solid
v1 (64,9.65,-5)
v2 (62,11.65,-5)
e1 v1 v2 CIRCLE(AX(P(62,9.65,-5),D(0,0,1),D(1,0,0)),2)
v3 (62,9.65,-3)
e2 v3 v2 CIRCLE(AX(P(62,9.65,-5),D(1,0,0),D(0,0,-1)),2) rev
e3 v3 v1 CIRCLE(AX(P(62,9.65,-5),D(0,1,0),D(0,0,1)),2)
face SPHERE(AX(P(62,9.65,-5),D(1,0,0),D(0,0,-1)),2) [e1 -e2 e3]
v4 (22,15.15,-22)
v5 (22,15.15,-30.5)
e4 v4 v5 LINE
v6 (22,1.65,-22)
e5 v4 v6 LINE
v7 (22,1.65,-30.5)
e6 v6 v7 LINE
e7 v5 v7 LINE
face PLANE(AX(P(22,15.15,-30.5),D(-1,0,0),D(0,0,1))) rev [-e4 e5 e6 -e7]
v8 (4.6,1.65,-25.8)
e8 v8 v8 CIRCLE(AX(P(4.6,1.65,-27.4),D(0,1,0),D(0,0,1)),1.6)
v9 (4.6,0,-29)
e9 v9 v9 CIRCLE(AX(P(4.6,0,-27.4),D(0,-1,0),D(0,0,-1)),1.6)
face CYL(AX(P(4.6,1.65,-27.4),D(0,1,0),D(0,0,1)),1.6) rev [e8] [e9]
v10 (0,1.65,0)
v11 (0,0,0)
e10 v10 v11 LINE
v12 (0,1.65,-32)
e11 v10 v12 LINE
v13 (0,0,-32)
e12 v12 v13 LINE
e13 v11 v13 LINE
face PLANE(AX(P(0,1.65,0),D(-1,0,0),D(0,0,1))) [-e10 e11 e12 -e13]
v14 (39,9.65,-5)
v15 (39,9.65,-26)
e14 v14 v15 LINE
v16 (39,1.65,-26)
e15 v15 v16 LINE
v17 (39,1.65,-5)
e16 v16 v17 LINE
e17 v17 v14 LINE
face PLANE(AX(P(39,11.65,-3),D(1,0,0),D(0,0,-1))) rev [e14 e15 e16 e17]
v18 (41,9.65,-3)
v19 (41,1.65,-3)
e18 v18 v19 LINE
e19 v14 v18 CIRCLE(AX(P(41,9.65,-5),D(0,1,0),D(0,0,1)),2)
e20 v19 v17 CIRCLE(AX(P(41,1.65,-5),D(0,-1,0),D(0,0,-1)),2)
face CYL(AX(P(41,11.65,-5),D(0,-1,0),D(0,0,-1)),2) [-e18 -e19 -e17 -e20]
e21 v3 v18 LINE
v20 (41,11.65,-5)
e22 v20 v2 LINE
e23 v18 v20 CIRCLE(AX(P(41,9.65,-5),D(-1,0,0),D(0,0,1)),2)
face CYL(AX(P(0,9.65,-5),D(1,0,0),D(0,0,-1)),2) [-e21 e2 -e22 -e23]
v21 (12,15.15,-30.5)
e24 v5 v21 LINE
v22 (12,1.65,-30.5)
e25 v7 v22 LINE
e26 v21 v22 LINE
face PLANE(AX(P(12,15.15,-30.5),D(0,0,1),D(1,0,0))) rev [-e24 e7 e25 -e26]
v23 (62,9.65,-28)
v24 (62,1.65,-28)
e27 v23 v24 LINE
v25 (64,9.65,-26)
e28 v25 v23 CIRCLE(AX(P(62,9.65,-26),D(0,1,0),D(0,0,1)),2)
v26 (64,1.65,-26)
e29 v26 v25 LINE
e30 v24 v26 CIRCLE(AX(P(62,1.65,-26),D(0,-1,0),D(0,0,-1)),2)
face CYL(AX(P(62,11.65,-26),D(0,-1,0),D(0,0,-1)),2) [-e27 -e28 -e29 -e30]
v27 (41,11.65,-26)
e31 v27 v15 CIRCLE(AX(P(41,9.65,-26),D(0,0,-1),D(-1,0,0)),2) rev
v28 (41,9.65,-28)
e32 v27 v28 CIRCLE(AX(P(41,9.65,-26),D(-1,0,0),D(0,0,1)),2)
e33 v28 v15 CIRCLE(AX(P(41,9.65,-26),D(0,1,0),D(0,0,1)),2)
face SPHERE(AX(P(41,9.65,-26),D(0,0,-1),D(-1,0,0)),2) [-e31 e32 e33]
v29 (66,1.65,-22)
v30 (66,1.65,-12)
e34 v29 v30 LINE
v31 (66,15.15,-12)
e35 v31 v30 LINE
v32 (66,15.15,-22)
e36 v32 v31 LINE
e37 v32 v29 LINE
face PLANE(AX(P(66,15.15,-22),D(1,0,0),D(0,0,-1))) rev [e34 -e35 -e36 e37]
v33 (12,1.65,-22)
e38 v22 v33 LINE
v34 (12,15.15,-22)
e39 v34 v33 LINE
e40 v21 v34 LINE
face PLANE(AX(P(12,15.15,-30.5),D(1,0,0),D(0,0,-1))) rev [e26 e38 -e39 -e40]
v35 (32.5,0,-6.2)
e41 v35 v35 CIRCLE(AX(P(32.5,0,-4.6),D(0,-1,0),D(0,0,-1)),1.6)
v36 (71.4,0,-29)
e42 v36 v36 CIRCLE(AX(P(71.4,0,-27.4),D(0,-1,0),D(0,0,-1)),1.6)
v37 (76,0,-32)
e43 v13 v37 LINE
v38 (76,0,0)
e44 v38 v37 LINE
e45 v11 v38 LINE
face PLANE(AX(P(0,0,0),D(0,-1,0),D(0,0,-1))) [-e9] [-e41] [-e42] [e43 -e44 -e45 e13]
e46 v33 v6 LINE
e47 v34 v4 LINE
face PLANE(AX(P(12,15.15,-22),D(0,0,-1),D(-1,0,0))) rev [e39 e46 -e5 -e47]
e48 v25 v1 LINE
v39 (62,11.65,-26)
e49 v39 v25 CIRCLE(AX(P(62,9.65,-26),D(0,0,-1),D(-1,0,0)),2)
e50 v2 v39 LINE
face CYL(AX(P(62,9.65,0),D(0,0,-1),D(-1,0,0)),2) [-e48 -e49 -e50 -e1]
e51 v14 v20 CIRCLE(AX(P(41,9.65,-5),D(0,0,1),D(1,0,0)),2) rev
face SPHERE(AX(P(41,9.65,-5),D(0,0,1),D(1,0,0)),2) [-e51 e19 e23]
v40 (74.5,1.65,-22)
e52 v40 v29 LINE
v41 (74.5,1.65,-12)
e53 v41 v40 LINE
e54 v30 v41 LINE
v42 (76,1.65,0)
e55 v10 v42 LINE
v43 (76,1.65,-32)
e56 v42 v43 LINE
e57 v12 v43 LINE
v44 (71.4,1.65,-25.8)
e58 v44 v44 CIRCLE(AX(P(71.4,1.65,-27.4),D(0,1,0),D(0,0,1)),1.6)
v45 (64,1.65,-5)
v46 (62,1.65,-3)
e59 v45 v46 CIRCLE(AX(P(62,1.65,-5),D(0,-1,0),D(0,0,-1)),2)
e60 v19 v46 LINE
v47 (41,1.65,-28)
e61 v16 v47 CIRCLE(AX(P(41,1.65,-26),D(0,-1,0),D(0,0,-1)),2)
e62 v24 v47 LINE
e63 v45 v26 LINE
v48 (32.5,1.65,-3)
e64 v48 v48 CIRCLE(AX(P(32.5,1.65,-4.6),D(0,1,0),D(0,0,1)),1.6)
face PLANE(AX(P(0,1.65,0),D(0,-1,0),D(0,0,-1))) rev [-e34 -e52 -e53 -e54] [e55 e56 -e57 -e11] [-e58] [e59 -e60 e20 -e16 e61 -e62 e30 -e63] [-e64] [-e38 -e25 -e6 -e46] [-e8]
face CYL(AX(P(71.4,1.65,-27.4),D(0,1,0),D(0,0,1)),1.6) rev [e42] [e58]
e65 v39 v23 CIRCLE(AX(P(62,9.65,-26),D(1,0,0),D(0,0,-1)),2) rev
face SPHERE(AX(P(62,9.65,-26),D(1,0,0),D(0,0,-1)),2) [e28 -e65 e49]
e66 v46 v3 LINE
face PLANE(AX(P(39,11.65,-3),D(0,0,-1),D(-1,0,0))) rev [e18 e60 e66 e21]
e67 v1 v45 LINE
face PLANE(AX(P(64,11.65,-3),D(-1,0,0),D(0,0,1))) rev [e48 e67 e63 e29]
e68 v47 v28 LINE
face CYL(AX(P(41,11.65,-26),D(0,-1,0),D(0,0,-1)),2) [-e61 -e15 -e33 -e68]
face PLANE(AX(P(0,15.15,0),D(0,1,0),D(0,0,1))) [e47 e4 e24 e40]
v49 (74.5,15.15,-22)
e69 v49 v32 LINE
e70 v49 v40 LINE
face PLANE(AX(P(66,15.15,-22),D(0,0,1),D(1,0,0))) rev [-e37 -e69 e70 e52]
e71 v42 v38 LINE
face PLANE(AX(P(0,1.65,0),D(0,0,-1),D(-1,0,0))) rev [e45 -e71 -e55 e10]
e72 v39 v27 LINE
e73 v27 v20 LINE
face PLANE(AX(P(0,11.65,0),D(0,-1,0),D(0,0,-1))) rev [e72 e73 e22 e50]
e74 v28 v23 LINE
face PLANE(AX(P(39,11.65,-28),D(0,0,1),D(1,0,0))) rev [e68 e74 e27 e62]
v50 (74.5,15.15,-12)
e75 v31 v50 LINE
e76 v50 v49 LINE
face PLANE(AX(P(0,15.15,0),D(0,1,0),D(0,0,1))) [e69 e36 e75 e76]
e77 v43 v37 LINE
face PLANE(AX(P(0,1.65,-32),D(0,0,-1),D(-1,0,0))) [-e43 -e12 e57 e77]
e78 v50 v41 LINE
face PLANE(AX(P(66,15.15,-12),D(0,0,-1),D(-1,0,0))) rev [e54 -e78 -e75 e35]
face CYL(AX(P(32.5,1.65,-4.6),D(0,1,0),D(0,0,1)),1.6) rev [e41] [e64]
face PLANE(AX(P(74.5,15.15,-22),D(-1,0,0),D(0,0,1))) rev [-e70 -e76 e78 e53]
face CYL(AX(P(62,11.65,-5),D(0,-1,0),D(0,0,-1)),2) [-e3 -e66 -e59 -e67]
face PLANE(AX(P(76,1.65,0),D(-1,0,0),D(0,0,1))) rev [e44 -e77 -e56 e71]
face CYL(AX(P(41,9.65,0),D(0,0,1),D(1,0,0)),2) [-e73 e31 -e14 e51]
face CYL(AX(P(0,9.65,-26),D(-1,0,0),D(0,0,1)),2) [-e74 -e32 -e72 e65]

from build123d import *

# Parameters (mm, degrees)
SKETCH1_W                = 76
SKETCH1_H                = 32
BOSS_EXTRUDE1_DEPTH      = 1.65
M3_CLEARANCE_HOLE1_D     = 3.2
M3_CLEARANCE_HOLE1_DEPTH = 20
M3_CLEARANCE_HOLE1_TIP   = 0.96137699
SKETCH4_W                = 10
SKETCH4_H                = 8.5
SKETCH4_W_2              = 8.5
SKETCH4_H_2              = 10
BOSS_EXTRUDE2_DEPTH      = 13.5
SKETCH5_W                = 25
SKETCH5_H                = 25
BOSS_EXTRUDE3_DEPTH      = 10
FILLET1_R                = 2


with BuildPart() as part:
    # Sketch1 → Boss-Extrude1 (new body)
    with BuildSketch(Plane(origin=(0, 0, 0), x_dir=(1, 0, 0), z_dir=(0, 1, 0))):
        with Locations((38, 16)):
            Rectangle(SKETCH1_W, SKETCH1_H)
    extrude(amount=BOSS_EXTRUDE1_DEPTH)

    # M3 Clearance Hole1
    with Locations(Plane(origin=(0, 1.65, 0), x_dir=(1, 0, 0), z_dir=(0, 1, 0))):
        with Locations((71.4, 27.4), (32.5, 4.6), (4.6, 27.4)):
            Hole(M3_CLEARANCE_HOLE1_D / 2, depth=M3_CLEARANCE_HOLE1_DEPTH)
            with Locations((0, 0, -(M3_CLEARANCE_HOLE1_DEPTH + M3_CLEARANCE_HOLE1_TIP / 2))):  # 118° drill point
                Cone(0, M3_CLEARANCE_HOLE1_D / 2, M3_CLEARANCE_HOLE1_TIP, mode=Mode.SUBTRACT)

    # Sketch4 → Boss-Extrude2 (add)
    with BuildSketch(Plane(origin=(0, 1.65, 0), x_dir=(1, 0, 0), z_dir=(0, 1, 0))):
        with Locations((17, 26.25)):
            Rectangle(SKETCH4_W, SKETCH4_H)
        with Locations((70.25, 17)):
            Rectangle(SKETCH4_W_2, SKETCH4_H_2)
    extrude(amount=BOSS_EXTRUDE2_DEPTH)

    # Sketch5 → Boss-Extrude3 (add)
    with BuildSketch(Plane(origin=(0, 1.65, 0), x_dir=(1, 0, 0), z_dir=(0, 1, 0))):
        with Locations((51.5, 15.5)):
            Rectangle(SKETCH5_W, SKETCH5_H)
    extrude(amount=BOSS_EXTRUDE3_DEPTH)

    # Fillet1
    fillet1_edges = [part.edges().sort_by_distance(p)[0] for p in [
        (64, 6.65, -3),
        (64, 6.65, -28),
        (39, 6.65, -28),
        (39, 6.65, -3),
        (64, 11.65, -15.5),
        (51.5, 11.65, -28),
        (39, 11.65, -15.5),
        (51.5, 11.65, -3),
    ]]
    fillet(fillet1_edges, radius=FILLET1_R)


solid = part.part
